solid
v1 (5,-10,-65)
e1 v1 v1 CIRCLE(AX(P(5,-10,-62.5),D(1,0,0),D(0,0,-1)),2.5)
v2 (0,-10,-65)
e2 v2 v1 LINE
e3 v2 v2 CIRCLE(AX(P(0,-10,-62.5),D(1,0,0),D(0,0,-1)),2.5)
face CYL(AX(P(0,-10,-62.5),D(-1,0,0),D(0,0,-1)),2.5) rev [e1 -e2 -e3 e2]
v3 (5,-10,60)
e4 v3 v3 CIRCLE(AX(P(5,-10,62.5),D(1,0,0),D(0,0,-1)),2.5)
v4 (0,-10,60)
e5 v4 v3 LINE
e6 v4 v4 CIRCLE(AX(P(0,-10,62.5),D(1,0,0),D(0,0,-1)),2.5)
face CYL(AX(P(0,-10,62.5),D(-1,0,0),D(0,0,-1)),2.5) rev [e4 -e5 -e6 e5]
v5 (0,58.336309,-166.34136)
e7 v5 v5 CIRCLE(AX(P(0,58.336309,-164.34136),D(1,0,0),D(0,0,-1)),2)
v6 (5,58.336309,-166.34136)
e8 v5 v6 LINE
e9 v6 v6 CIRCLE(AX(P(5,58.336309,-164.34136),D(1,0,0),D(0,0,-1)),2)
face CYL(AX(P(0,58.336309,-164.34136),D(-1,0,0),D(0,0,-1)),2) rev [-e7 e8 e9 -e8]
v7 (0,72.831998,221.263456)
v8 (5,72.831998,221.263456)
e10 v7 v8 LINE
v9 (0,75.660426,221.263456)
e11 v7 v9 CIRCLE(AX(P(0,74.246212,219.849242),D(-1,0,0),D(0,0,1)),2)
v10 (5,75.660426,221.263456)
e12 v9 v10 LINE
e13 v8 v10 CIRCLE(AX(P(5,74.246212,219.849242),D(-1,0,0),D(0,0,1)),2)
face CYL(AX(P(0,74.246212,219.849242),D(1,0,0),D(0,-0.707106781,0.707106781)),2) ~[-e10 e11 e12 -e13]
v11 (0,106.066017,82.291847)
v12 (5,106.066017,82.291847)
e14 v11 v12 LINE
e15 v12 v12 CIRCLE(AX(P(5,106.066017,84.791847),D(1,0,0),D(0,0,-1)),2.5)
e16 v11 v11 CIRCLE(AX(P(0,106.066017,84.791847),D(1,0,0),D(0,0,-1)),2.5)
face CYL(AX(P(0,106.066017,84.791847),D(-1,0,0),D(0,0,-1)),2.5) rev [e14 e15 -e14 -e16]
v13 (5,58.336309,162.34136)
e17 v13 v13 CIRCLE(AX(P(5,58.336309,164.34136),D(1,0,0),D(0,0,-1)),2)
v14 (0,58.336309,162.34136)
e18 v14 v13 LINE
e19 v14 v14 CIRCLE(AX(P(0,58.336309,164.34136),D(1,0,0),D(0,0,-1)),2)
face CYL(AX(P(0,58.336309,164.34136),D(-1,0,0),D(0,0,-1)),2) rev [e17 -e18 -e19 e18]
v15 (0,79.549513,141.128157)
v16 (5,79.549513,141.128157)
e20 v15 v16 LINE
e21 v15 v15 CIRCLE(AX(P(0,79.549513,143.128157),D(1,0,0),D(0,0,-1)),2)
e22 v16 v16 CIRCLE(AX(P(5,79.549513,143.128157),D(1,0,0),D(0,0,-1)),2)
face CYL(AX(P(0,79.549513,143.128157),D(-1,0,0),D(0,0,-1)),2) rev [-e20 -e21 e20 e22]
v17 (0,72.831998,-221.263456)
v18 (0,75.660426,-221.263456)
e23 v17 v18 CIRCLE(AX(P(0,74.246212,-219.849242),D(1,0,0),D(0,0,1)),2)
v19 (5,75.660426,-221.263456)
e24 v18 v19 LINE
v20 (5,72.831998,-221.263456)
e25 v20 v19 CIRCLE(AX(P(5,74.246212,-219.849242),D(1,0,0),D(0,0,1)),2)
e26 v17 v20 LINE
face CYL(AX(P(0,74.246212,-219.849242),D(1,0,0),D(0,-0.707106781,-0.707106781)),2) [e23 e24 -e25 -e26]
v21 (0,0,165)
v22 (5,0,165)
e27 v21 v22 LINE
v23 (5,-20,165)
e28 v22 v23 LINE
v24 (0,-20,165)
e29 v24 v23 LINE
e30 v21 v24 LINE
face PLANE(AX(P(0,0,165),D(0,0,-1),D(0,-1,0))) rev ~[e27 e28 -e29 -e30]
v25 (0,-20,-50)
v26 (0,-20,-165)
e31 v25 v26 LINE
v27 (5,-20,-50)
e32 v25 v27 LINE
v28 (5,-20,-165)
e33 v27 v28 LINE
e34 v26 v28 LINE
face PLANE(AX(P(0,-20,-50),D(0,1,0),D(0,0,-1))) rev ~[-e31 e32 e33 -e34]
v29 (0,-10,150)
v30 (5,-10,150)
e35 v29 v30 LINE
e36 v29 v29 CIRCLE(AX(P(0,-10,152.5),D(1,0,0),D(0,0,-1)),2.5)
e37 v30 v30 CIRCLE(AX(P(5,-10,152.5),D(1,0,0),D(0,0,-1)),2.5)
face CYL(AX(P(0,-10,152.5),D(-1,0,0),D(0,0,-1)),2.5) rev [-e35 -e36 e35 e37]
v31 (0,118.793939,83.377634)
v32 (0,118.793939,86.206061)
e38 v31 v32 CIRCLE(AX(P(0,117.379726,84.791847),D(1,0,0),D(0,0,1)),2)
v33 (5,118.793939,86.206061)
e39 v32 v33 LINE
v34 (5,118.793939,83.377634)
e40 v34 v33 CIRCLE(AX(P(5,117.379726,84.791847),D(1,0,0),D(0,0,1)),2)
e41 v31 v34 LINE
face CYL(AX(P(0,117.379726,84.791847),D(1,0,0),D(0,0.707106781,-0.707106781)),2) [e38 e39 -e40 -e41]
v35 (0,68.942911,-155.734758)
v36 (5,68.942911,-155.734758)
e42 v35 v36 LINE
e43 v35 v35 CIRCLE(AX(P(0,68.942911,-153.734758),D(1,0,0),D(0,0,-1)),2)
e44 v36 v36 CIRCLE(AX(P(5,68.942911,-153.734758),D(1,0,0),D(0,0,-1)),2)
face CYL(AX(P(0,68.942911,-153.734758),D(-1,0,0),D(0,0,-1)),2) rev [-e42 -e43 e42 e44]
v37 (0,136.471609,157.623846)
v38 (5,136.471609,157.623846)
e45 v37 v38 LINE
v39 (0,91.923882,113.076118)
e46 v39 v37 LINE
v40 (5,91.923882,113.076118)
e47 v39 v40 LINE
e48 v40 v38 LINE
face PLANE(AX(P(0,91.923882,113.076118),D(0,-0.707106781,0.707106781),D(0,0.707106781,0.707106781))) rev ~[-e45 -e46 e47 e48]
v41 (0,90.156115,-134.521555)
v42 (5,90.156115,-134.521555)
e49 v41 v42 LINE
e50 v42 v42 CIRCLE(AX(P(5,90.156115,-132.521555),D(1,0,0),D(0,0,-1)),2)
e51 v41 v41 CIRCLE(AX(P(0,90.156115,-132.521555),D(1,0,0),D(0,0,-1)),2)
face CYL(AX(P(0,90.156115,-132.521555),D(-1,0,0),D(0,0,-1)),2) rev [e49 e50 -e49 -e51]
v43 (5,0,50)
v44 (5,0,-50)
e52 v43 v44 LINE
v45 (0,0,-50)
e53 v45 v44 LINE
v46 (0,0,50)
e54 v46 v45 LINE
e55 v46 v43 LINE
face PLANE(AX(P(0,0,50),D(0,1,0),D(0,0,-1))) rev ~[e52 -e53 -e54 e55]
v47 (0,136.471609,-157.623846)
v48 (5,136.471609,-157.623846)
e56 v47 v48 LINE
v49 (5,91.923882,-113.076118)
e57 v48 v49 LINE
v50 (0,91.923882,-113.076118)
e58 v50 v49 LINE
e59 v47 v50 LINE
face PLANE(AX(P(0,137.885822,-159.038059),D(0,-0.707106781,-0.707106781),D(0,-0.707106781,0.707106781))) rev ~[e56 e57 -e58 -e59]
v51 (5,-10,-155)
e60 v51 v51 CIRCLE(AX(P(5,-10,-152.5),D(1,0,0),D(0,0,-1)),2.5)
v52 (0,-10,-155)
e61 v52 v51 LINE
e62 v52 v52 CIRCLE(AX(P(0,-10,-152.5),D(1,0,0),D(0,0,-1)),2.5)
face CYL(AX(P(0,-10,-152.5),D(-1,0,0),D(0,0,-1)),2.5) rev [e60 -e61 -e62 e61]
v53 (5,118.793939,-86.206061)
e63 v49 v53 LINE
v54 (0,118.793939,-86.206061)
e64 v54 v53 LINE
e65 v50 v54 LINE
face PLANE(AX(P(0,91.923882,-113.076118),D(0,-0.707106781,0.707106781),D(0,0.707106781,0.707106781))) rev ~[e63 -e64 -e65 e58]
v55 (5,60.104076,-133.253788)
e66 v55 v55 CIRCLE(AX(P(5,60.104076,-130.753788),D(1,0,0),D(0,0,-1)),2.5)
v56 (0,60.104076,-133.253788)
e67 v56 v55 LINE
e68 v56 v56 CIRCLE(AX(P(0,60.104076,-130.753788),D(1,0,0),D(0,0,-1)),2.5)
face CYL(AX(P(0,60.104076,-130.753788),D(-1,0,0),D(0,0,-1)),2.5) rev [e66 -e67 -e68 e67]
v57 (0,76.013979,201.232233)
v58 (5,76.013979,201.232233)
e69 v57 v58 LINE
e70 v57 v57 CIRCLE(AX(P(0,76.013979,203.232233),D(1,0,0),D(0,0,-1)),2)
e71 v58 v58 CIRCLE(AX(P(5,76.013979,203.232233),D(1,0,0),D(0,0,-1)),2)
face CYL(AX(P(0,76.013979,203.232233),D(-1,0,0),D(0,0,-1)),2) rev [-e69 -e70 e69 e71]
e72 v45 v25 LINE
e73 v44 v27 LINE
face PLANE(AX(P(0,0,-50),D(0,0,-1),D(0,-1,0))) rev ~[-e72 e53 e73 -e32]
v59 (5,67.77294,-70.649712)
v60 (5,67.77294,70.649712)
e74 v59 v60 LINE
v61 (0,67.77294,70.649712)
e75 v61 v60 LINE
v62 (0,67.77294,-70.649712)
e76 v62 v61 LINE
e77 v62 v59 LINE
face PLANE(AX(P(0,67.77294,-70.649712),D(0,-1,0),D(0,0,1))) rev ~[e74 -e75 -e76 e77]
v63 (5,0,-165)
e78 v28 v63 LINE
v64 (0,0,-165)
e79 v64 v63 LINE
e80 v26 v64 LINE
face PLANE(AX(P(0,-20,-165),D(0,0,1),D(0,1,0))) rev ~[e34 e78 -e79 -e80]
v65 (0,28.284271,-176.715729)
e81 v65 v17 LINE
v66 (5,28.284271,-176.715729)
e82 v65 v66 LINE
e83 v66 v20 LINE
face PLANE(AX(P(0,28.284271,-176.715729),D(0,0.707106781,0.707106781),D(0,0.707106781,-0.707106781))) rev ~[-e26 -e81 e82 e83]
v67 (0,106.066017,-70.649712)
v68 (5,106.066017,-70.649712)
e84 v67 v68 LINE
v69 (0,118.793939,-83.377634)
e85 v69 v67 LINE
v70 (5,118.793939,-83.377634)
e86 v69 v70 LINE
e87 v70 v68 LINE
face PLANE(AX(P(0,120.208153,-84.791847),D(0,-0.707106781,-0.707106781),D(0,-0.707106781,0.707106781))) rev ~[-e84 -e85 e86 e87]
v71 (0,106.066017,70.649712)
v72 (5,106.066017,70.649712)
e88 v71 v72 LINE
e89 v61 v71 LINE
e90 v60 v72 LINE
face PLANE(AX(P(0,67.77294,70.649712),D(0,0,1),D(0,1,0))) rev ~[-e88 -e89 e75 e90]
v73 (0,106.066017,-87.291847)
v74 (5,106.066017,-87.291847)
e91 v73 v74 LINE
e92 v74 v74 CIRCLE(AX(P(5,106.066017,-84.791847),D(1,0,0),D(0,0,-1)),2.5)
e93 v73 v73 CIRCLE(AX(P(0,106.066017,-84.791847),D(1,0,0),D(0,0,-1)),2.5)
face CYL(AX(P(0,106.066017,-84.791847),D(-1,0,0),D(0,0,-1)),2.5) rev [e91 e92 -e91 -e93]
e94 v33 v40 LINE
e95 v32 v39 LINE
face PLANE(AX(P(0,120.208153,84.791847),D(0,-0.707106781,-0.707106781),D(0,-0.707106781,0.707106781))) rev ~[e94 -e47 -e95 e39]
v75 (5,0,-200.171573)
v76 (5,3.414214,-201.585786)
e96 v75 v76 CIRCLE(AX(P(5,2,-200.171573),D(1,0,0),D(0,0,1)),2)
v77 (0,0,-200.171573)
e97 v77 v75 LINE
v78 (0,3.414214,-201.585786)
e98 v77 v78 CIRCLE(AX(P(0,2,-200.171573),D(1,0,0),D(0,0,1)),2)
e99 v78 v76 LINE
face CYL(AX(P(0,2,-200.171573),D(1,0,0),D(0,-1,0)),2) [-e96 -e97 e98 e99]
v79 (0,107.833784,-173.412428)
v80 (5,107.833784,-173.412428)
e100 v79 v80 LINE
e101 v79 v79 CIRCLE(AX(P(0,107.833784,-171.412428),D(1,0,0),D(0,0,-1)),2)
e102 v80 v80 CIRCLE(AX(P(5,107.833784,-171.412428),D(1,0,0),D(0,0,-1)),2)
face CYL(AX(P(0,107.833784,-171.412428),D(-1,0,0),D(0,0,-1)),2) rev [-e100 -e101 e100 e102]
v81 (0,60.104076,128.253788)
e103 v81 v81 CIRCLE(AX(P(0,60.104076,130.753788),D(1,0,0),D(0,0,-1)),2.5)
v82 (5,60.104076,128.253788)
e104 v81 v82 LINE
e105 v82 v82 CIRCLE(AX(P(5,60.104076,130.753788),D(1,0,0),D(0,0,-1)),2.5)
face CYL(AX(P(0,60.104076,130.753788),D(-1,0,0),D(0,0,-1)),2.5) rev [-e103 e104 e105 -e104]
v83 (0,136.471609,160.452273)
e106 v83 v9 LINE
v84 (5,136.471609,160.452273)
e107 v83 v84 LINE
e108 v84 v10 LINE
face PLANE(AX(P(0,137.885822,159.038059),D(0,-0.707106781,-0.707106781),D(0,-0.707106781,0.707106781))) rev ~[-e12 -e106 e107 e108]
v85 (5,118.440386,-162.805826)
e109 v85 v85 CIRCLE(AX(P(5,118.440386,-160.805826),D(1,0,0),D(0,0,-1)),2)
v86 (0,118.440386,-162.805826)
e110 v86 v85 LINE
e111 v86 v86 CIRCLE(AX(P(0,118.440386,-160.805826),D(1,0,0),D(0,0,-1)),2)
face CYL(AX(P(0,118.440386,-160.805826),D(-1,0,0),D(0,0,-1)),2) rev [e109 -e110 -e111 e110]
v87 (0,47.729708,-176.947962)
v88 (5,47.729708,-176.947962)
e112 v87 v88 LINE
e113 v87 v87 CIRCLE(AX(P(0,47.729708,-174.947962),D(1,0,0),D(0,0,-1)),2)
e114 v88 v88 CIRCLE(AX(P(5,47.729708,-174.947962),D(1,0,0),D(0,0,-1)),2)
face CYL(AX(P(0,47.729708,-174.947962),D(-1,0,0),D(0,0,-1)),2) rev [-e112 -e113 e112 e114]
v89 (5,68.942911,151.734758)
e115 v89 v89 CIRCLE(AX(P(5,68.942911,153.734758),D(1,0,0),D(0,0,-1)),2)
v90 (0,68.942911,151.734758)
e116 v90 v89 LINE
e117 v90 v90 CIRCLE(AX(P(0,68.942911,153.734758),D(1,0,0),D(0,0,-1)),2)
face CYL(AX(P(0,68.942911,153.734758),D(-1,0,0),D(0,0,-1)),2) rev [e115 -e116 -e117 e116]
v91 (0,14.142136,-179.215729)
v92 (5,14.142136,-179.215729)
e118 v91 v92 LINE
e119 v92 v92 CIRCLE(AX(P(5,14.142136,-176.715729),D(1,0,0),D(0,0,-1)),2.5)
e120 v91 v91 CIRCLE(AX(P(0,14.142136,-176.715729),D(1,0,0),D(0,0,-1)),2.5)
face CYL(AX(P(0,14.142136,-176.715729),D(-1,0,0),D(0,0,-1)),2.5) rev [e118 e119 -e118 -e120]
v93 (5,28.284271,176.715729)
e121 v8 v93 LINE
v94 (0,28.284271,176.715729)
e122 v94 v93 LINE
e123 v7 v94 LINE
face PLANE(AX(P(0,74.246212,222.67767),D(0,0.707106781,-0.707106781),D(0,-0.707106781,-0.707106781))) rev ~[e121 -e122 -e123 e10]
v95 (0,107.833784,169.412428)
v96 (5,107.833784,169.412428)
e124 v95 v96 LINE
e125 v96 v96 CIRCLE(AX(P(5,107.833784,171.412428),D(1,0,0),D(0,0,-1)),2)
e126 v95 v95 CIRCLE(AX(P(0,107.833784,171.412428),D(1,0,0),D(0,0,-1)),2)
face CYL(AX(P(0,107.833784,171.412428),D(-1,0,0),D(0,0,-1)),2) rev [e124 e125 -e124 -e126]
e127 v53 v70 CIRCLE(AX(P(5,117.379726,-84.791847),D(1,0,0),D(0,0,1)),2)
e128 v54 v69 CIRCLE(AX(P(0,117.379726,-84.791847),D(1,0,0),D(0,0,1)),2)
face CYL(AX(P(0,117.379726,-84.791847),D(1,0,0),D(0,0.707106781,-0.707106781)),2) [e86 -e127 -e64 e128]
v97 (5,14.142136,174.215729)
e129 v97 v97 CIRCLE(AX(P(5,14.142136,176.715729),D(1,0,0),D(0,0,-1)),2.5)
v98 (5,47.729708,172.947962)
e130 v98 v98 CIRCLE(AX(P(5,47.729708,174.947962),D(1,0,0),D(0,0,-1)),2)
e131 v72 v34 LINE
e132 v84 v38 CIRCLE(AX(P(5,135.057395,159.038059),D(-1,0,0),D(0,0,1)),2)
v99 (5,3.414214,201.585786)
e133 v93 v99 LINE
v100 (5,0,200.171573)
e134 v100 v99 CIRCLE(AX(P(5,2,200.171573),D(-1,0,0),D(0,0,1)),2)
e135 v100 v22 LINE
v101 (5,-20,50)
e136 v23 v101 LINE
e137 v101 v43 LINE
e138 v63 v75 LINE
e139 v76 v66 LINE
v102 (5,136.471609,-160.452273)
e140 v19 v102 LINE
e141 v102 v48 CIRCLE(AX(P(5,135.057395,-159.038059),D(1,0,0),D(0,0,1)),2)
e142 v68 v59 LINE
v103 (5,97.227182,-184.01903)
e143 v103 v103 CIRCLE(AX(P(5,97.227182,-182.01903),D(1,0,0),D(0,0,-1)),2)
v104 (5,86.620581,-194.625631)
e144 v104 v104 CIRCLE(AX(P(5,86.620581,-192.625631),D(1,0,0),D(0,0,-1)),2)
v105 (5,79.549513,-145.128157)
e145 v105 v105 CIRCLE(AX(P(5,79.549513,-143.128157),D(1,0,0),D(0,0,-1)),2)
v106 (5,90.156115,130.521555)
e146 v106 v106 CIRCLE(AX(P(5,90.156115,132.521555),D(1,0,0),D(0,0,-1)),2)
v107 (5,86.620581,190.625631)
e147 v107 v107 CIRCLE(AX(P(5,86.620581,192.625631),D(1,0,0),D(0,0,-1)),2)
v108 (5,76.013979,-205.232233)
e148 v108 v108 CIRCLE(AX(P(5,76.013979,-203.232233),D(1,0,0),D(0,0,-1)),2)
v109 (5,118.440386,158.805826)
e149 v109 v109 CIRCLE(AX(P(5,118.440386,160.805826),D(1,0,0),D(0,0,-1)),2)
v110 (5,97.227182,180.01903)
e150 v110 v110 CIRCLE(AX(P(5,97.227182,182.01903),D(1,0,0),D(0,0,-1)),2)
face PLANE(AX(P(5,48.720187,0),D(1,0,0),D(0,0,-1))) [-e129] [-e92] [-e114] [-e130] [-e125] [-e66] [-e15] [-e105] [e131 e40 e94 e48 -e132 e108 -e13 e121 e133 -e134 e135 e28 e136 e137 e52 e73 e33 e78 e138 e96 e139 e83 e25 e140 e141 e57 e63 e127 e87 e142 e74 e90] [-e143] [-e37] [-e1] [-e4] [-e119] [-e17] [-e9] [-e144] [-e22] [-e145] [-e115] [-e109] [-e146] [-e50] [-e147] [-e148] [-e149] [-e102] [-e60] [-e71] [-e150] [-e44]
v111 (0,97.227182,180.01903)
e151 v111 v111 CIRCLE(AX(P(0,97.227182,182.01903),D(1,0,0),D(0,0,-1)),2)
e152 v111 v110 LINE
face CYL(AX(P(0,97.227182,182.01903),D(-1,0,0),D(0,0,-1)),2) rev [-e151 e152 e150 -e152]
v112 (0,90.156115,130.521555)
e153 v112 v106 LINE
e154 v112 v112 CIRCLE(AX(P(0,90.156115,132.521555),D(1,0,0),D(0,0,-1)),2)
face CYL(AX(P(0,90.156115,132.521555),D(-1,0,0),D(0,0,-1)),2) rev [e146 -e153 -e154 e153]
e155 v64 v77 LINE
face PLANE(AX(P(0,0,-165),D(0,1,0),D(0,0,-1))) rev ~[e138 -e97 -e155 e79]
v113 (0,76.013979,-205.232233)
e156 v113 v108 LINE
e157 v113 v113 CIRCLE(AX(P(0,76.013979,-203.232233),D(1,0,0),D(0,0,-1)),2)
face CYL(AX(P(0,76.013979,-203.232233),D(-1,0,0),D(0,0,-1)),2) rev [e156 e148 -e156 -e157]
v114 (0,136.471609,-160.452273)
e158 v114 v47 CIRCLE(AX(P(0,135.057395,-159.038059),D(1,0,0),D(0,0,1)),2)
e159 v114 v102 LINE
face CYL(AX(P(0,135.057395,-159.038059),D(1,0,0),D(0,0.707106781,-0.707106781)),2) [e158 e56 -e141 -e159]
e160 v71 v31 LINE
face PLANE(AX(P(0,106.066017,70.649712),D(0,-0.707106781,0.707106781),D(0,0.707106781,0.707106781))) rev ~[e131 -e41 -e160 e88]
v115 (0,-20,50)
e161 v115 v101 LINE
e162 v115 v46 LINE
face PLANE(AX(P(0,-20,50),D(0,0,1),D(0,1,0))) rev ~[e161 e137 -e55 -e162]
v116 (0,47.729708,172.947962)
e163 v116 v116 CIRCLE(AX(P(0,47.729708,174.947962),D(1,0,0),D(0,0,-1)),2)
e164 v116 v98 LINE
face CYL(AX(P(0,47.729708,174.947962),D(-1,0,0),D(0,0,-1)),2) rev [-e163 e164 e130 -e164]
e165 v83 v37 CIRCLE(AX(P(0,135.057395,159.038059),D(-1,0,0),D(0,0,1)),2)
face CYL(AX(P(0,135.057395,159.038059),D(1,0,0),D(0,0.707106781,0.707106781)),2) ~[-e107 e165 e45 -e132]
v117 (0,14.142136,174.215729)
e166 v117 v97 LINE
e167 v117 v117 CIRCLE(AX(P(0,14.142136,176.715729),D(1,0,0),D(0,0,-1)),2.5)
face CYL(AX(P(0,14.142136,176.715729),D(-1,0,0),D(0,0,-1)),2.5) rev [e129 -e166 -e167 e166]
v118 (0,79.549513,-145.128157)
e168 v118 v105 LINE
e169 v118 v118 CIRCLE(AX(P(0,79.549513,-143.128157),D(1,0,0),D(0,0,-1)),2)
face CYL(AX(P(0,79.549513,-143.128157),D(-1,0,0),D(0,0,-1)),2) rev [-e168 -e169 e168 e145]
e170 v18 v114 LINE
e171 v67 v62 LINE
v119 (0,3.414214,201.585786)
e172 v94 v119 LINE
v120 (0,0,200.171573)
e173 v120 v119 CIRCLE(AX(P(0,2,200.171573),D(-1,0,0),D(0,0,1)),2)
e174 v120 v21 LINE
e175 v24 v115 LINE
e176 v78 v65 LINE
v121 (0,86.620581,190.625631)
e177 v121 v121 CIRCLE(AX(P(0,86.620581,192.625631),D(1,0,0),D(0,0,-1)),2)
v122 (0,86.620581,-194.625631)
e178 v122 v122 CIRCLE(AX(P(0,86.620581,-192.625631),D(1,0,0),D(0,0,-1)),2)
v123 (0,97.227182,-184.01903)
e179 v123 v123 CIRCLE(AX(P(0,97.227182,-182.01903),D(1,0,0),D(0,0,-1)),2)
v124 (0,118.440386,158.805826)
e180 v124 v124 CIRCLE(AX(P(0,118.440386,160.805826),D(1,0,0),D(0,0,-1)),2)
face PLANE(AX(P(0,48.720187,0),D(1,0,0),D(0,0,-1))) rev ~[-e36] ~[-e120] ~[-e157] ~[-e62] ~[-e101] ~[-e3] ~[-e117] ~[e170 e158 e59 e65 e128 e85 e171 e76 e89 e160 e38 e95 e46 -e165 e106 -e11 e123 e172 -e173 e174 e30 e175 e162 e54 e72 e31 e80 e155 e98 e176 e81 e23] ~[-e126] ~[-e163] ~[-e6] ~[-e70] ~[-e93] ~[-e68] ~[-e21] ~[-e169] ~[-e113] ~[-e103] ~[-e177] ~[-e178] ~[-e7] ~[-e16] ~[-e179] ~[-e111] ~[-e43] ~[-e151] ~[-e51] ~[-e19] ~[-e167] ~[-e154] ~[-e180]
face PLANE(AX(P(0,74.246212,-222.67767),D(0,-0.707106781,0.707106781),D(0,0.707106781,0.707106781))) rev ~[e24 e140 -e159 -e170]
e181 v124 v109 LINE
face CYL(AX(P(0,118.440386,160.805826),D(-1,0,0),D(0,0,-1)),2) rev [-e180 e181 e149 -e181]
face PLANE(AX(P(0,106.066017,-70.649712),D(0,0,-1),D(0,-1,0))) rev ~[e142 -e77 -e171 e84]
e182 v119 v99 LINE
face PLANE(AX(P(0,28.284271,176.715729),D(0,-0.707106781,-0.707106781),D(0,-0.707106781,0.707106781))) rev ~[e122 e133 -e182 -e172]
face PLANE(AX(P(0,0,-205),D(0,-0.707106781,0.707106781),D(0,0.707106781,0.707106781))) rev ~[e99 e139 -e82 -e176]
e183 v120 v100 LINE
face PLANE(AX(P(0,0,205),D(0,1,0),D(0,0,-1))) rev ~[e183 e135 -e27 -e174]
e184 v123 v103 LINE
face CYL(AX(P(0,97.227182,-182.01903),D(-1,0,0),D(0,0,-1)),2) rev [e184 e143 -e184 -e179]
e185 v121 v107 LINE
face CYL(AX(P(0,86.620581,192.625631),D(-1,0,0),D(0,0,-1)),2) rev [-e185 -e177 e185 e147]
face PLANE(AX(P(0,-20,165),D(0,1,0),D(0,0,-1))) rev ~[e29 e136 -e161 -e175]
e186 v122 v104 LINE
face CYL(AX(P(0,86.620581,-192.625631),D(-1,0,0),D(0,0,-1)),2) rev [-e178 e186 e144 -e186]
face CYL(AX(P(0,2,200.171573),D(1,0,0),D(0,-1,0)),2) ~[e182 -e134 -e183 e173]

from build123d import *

# Parameters (mm, degrees)
SKETCH_1_R      = 2.5
SKETCH_1_R_2    = 2
EXTRUDE_1_DEPTH = 5
FILLET_1_R      = 2


with BuildPart() as part:
    # 草图1 → 凸台-拉伸1 (new body)
    with BuildSketch(Plane(origin=(0, 0, 0), x_dir=(0, 0, -1), z_dir=(1, 0, 0))):
        Polygon((165, 0), (205, 0), (176.715728753, 28.284271247), (222.67766953, 74.246212025), (159.038059223, 137.885822331), (113.076118446, 91.923881554), (84.791847198, 120.208152802), (70.649711575, 106.066017178), (70.649711575, 67.772939569), (-70.649711575, 67.772939569), (-70.649711575, 106.066017178), (-84.791847198, 120.208152802), (-113.076118446, 91.923881554), (-159.038059223, 137.885822331), (-222.67766953, 74.246212025), (-176.715728753, 28.284271247), (-205, 0), (-165, 0), (-165, -20), (-50, -20), (-50, 0), (50, 0), (50, -20), (165, -20), align=None)
        with Locations((-176.715728753, 14.142135624)):
            Circle(SKETCH_1_R, mode=Mode.SUBTRACT)
        with Locations((-174.9479618, 47.72970773)):
            Circle(SKETCH_1_R_2, mode=Mode.SUBTRACT)
        with Locations((-164.341360082, 58.336309448)):
            Circle(SKETCH_1_R_2, mode=Mode.SUBTRACT)
        with Locations((176.715728753, 14.142135624)):
            Circle(SKETCH_1_R, mode=Mode.SUBTRACT)
        with Locations((164.341360082, 58.336309448)):
            Circle(SKETCH_1_R_2, mode=Mode.SUBTRACT)
        with Locations((174.9479618, 47.72970773)):
            Circle(SKETCH_1_R_2, mode=Mode.SUBTRACT)
        with Locations((-203.232233047, 76.013978978)):
            Circle(SKETCH_1_R_2, mode=Mode.SUBTRACT)
        with Locations((-130.753787975, 60.104076401)):
            Circle(SKETCH_1_R, mode=Mode.SUBTRACT)
        with Locations((-153.734758364, 68.942911166)):
            Circle(SKETCH_1_R_2, mode=Mode.SUBTRACT)
        with Locations((-192.625631329, 86.620580695)):
            Circle(SKETCH_1_R_2, mode=Mode.SUBTRACT)
        with Locations((-182.019029611, 97.227182413)):
            Circle(SKETCH_1_R_2, mode=Mode.SUBTRACT)
        with Locations((-143.128156646, 79.549512883)):
            Circle(SKETCH_1_R_2, mode=Mode.SUBTRACT)
        with Locations((-132.521554928, 90.156114601)):
            Circle(SKETCH_1_R_2, mode=Mode.SUBTRACT)
        with Locations((-171.412427894, 107.833784131)):
            Circle(SKETCH_1_R_2, mode=Mode.SUBTRACT)
        with Locations((-160.805826176, 118.440385849)):
            Circle(SKETCH_1_R_2, mode=Mode.SUBTRACT)
        with Locations((-84.791847198, 106.066017178)):
            Circle(SKETCH_1_R, mode=Mode.SUBTRACT)
        with Locations((130.753787975, 60.104076401)):
            Circle(SKETCH_1_R, mode=Mode.SUBTRACT)
        with Locations((153.734758364, 68.942911166)):
            Circle(SKETCH_1_R_2, mode=Mode.SUBTRACT)
        with Locations((203.232233047, 76.013978978)):
            Circle(SKETCH_1_R_2, mode=Mode.SUBTRACT)
        with Locations((143.128156646, 79.549512883)):
            Circle(SKETCH_1_R_2, mode=Mode.SUBTRACT)
        with Locations((132.521554928, 90.156114601)):
            Circle(SKETCH_1_R_2, mode=Mode.SUBTRACT)
        with Locations((192.625631329, 86.620580695)):
            Circle(SKETCH_1_R_2, mode=Mode.SUBTRACT)
        with Locations((182.019029611, 97.227182413)):
            Circle(SKETCH_1_R_2, mode=Mode.SUBTRACT)
        with Locations((84.791847198, 106.066017178)):
            Circle(SKETCH_1_R, mode=Mode.SUBTRACT)
        with Locations((171.412427894, 107.833784131)):
            Circle(SKETCH_1_R_2, mode=Mode.SUBTRACT)
        with Locations((160.805826176, 118.440385849)):
            Circle(SKETCH_1_R_2, mode=Mode.SUBTRACT)
        with Locations((152.5, -10)):
            Circle(SKETCH_1_R, mode=Mode.SUBTRACT)
        with Locations((62.5, -10)):
            Circle(SKETCH_1_R, mode=Mode.SUBTRACT)
        with Locations((-62.5, -10)):
            Circle(SKETCH_1_R, mode=Mode.SUBTRACT)
        with Locations((-152.5, -10)):
            Circle(SKETCH_1_R, mode=Mode.SUBTRACT)
    extrude(amount=EXTRUDE_1_DEPTH)

    # 圆角1
    fillet_1_edges = [part.edges().sort_by_distance(p)[0] for p in [
        (2.5, 137.885822331, -159.038059223),
        (2.5, 74.246212025, -222.67766953),
        (2.5, 0, -205),
        (2.5, 0, 205),
        (2.5, 74.246212025, 222.67766953),
        (2.5, 137.885822331, 159.038059223),
        (2.5, 120.208152802, 84.791847198),
        (2.5, 120.208152802, -84.791847198),
    ]]
    fillet(fillet_1_edges, radius=FILLET_1_R)


solid = part.part
